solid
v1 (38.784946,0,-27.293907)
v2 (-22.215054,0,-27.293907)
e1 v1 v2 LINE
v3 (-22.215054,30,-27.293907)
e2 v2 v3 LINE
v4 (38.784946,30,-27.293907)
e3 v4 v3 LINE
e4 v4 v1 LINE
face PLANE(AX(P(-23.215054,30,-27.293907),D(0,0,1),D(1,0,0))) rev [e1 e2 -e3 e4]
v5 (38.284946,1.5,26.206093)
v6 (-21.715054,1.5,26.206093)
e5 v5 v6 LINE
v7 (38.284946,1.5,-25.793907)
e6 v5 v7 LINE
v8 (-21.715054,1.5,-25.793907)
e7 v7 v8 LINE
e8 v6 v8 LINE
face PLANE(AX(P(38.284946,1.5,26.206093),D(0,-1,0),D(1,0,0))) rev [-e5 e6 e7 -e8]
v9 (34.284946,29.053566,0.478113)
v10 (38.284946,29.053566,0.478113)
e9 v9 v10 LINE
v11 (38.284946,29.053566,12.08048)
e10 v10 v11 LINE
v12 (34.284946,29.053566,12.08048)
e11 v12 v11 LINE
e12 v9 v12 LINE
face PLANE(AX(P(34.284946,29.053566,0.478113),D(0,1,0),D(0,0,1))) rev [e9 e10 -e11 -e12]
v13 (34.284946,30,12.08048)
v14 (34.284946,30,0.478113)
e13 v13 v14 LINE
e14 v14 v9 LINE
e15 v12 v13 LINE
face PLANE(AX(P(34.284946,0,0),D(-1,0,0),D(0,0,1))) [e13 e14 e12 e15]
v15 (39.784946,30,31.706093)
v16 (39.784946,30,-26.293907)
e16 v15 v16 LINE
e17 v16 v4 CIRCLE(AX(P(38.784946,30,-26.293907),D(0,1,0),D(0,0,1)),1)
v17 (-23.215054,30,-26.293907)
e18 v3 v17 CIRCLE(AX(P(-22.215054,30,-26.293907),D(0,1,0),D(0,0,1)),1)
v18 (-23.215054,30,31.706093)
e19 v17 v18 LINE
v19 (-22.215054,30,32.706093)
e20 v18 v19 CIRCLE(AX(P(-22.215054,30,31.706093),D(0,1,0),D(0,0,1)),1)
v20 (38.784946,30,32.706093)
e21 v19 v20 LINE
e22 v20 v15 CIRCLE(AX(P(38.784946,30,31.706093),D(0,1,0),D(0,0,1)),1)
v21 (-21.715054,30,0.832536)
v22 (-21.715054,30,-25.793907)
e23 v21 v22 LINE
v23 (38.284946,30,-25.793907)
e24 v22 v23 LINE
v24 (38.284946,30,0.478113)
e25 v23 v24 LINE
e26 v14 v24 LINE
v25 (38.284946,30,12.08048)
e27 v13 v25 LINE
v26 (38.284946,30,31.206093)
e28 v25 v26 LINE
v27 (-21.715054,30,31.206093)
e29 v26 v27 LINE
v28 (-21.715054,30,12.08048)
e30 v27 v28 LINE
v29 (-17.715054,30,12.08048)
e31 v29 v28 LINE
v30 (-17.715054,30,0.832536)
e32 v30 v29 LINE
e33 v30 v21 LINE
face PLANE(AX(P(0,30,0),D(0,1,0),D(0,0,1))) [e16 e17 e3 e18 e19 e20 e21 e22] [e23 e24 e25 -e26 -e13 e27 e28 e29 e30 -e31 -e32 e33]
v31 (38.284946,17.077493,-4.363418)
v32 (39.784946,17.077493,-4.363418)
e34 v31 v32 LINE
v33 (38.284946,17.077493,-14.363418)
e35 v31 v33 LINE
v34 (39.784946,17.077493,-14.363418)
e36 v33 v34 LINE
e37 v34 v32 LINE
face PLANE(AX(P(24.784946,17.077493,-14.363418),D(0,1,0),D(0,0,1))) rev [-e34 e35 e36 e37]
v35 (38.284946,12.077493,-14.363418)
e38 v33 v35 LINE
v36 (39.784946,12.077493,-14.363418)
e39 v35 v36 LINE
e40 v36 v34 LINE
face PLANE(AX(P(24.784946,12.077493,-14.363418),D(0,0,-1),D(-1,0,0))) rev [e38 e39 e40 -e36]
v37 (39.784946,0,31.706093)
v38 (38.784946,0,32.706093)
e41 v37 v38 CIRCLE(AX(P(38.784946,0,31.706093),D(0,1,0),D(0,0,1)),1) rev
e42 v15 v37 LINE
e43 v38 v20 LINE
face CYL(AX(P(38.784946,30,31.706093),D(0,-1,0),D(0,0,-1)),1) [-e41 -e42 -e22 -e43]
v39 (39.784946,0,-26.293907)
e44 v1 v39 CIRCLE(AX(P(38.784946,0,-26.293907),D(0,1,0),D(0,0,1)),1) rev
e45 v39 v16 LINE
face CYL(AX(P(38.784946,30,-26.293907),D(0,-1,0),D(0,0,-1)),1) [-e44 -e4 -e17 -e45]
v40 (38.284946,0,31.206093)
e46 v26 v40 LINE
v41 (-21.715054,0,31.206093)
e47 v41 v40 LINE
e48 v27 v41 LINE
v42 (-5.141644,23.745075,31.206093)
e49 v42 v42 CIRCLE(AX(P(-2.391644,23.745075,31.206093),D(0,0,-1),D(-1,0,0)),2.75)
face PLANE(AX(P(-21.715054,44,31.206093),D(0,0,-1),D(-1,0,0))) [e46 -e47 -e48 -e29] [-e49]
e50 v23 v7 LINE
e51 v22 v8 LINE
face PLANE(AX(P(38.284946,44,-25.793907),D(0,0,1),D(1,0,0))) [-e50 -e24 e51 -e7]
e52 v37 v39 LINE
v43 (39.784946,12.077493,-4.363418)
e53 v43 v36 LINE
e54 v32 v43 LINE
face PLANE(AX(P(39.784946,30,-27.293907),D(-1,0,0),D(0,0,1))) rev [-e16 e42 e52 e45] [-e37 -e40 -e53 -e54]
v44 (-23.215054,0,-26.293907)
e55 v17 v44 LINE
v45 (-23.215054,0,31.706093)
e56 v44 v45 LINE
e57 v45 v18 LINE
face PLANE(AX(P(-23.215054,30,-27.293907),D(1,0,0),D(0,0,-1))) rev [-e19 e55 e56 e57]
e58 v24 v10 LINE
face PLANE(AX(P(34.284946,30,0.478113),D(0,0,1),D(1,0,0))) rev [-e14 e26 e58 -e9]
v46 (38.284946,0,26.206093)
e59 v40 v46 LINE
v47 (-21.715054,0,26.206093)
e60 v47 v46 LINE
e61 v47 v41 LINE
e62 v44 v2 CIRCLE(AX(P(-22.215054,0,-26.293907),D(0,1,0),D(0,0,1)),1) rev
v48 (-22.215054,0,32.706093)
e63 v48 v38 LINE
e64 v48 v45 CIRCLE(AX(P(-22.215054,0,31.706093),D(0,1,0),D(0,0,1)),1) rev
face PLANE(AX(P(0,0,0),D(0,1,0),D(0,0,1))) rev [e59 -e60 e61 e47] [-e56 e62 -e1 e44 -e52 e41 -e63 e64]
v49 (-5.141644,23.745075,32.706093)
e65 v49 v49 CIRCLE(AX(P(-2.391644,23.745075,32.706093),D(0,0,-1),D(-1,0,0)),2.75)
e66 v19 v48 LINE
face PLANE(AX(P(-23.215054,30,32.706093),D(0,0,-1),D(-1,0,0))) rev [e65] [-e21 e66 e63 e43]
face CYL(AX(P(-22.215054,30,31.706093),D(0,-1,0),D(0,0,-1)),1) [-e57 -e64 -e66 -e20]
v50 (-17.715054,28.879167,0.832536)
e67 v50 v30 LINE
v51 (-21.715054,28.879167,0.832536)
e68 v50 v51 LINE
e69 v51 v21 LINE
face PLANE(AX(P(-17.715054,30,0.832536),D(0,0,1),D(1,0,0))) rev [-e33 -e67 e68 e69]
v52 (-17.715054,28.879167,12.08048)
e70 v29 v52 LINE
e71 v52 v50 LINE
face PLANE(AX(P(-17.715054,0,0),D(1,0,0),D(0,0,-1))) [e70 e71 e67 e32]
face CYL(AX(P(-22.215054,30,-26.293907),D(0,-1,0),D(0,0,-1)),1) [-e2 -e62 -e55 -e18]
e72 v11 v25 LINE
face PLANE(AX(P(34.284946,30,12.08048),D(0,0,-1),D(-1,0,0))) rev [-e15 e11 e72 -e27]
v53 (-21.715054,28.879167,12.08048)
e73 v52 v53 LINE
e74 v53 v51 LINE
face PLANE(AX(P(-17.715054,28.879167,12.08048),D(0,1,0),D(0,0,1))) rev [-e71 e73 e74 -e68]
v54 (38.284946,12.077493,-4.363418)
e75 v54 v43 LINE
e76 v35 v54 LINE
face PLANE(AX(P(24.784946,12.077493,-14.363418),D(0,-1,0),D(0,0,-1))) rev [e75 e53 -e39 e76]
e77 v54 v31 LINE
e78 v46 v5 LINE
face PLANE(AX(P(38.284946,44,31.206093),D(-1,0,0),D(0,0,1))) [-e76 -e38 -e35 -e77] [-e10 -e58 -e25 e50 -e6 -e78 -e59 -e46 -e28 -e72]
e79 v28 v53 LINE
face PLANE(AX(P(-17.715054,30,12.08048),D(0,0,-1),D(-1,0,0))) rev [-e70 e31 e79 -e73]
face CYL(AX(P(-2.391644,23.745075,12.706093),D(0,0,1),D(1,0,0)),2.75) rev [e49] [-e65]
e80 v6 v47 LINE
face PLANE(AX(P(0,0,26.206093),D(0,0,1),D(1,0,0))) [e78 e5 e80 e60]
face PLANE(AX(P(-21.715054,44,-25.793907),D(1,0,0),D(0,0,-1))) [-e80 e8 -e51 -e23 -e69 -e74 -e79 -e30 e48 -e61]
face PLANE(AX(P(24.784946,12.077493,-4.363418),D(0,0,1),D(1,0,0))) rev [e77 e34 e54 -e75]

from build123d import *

# Parameters (mm, degrees)
SKETCH1_W               = 63
SKETCH1_H               = 60
BOSS_EXTRUDE1_DEPTH     = 30
SKETCH2_W               = 60
SKETCH2_H               = 57
CUT_EXTRUDE1_DEPTH      = 44
FILLET5_R               = 1
FILLET6_R               = 1
SKETCH4_W               = 11.2479448
SKETCH4_H               = 1.120832932
BOSS_EXTRUDE2_DEPTH     = 4
SKETCH7_W               = 11.602367515
SKETCH7_H               = 0.946433532
BOSS_EXTRUDE3_DEPTH     = 4
SKETCH13_W              = 60
SKETCH13_H              = 1.5
BOSS_EXTRUDE4_DEPTH     = 52
SKETCH8_R               = 2.75
CUT_EXTRUDE2_DEPTH      = 15
CUT_EXTRUDE2_DEPTH_BACK = 20
SKETCH18_W              = 10
SKETCH18_H              = 5
CUT_EXTRUDE4_DEPTH      = 15


with BuildPart() as part:
    # Sketch1 → Boss-Extrude1 (new body)
    with BuildSketch(Plane(origin=(0, 0, 0), x_dir=(1, 0, 0), z_dir=(0, 1, 0))):
        with Locations((8.284946237, -2.70609319)):
            Rectangle(SKETCH1_W, SKETCH1_H)
    extrude(amount=BOSS_EXTRUDE1_DEPTH)

    # Sketch2 → Cut-Extrude1 (cut)
    with BuildSketch(Plane(origin=(0, 0, 0), x_dir=(1, 0, 0), z_dir=(0, 1, 0))):
        with Locations((8.284946237, -2.70609319)):
            Rectangle(SKETCH2_W, SKETCH2_H)
    extrude(amount=CUT_EXTRUDE1_DEPTH, mode=Mode.SUBTRACT)

    # Fillet5
    fillet5_edges = [part.edges().sort_by_distance(p)[0] for p in [
        (39.784946237, 15, -27.29390681),
    ]]
    fillet(fillet5_edges, radius=FILLET5_R)

    # Fillet6
    fillet6_edges = [part.edges().sort_by_distance(p)[0] for p in [
        (-23.215053763, 15, -27.29390681),
        (39.784946237, 15, 32.70609319),
        (-23.215053763, 15, 32.70609319),
    ]]
    fillet(fillet6_edges, radius=FILLET6_R)

    # Sketch4 → Boss-Extrude2 (add)
    with BuildSketch(Plane(origin=(-21.715053763, 0, 0), x_dir=(0, 0, -1), z_dir=(1, 0, 0))):
        with Locations((-6.456507936, 29.439583534)):
            Rectangle(SKETCH4_W, SKETCH4_H)
    extrude(amount=BOSS_EXTRUDE2_DEPTH)

    # Sketch7 → Boss-Extrude3 (add)
    with BuildSketch(Plane.ZY.offset(-38.284946237)):
        with Locations((6.279296579, 29.526783234)):
            Rectangle(SKETCH7_W, SKETCH7_H)
    extrude(amount=BOSS_EXTRUDE3_DEPTH)

    # Sketch13 → Boss-Extrude4 (add)
    with BuildSketch(Plane.XY.offset(-25.79390681)):
        with Locations((8.284946237, 0.75)):
            Rectangle(SKETCH13_W, SKETCH13_H)
    extrude(amount=BOSS_EXTRUDE4_DEPTH)

    # Sketch8 → Cut-Extrude2 (cut, two sides)
    with BuildSketch(Plane.XY.offset(32.70609319)) as cut_extrude2_sk:
        with Locations((-2.391644106, 23.745075348)):
            Circle(SKETCH8_R)
    extrude(amount=CUT_EXTRUDE2_DEPTH, mode=Mode.SUBTRACT)
    extrude(cut_extrude2_sk.sketch, amount=-CUT_EXTRUDE2_DEPTH_BACK, mode=Mode.SUBTRACT)

    # Sketch18 → Cut-Extrude4 (cut)
    with BuildSketch(Plane(origin=(39.784946237, 0, 0), x_dir=(0, 0, -1), z_dir=(1, 0, 0))):
        with Locations((9.363418395, 14.577492713)):
            Rectangle(SKETCH18_W, SKETCH18_H)
    extrude(amount=-CUT_EXTRUDE4_DEPTH, mode=Mode.SUBTRACT)


solid = part.part
